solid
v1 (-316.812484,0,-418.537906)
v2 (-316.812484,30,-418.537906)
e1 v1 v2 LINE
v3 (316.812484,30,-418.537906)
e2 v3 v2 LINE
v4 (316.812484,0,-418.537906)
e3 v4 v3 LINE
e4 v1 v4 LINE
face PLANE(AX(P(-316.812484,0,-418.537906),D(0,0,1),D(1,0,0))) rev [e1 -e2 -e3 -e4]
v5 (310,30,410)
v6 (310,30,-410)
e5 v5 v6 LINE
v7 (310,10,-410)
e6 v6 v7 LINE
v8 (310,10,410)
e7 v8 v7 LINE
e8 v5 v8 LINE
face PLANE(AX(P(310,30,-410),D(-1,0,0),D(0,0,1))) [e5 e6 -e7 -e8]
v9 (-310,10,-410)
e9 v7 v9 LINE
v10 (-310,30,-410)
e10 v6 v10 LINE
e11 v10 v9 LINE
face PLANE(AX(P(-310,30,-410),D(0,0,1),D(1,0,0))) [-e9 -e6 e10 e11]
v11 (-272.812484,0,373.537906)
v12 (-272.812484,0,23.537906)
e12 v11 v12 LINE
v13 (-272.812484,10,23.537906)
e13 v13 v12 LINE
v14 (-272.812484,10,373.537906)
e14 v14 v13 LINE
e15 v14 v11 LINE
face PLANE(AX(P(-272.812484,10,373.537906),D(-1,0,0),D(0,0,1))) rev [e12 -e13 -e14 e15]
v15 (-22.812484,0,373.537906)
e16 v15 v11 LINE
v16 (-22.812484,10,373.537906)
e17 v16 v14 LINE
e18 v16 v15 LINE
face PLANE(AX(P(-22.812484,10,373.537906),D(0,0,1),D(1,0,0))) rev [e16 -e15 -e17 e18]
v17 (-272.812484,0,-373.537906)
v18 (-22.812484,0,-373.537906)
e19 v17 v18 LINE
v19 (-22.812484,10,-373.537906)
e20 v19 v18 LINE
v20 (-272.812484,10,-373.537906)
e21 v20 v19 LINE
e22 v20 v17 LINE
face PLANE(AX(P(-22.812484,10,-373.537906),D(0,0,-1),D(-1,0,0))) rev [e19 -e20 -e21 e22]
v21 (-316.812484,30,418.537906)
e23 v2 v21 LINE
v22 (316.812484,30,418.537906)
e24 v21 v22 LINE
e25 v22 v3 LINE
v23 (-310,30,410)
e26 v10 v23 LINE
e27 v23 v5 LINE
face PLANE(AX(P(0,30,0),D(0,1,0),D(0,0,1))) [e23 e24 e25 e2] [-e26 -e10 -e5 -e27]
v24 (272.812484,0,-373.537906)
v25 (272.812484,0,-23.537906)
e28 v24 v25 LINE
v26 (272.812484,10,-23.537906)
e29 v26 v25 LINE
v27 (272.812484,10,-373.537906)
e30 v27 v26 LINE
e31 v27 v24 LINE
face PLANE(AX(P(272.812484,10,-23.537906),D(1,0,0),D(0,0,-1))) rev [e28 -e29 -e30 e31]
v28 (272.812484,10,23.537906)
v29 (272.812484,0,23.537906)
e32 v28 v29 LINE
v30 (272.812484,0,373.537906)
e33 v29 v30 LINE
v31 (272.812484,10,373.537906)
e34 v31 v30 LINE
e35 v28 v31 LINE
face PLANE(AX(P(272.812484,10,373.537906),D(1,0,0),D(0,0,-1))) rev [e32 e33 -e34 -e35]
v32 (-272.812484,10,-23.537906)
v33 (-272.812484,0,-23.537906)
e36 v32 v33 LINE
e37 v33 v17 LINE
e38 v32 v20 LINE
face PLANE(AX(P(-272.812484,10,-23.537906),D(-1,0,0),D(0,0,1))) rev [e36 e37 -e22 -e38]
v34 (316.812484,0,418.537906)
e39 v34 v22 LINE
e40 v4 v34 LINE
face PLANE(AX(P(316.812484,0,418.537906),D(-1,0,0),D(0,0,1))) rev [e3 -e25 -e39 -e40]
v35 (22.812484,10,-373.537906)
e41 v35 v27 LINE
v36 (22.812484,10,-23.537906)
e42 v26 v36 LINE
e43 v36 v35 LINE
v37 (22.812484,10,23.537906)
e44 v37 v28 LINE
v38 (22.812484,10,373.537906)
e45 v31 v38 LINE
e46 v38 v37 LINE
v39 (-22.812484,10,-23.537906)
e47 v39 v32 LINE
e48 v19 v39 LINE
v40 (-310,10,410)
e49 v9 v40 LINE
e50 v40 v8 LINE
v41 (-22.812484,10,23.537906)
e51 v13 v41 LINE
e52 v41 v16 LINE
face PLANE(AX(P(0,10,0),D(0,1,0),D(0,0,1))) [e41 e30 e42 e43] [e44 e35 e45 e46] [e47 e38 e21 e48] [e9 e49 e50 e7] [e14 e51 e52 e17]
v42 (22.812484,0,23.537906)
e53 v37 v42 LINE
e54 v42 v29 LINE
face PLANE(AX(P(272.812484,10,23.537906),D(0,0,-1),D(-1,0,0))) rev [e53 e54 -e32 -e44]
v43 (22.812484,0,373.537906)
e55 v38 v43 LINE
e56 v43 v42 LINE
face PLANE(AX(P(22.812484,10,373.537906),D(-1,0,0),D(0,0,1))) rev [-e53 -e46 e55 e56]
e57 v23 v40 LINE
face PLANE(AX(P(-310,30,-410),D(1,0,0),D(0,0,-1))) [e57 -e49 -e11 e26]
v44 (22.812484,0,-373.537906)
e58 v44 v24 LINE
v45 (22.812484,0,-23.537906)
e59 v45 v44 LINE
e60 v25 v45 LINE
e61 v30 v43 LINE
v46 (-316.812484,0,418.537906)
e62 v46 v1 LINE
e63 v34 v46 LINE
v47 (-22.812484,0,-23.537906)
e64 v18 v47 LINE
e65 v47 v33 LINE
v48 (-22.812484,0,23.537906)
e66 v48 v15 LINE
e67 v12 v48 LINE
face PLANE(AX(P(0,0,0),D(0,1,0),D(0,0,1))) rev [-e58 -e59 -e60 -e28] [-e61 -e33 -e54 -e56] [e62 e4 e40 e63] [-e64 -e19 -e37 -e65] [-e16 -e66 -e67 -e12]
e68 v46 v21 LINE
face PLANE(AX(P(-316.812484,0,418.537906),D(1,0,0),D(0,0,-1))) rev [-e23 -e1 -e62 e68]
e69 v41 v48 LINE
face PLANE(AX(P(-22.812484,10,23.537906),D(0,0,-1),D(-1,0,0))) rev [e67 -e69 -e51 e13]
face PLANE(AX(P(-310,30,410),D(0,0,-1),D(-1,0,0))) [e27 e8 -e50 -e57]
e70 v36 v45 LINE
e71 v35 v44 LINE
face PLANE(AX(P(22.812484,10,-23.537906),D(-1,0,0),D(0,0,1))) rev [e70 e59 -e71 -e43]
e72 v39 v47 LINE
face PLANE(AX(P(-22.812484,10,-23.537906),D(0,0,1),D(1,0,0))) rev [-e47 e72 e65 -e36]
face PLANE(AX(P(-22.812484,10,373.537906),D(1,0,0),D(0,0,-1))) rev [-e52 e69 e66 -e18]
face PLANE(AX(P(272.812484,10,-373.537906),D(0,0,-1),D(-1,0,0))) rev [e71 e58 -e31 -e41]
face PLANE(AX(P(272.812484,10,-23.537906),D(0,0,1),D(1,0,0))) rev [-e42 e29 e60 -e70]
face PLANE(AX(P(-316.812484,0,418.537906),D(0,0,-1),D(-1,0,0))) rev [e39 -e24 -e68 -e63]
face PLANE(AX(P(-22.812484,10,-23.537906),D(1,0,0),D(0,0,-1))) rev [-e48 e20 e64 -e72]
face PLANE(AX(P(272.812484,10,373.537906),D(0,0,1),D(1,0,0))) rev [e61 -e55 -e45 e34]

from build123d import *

# Parameters (mm, degrees)
CROQUIS1_W              = 620
CROQUIS1_H              = 820
SALIENTE_EXTRUIR1_DEPTH = 10
CROQUIS2_W              = 633.624968344
CROQUIS2_H              = 837.075812624
CROQUIS2_W_2            = 620
CROQUIS2_H_2            = 820
SALIENTE_EXTRUIR2_DEPTH = 20
CROQUIS3_W              = 633.624968344
CROQUIS3_H              = 837.075812624
SALIENTE_EXTRUIR3_DEPTH = 10
CROQUIS4_W              = 250
CROQUIS4_H              = 350
CORTAR_EXTRUIR1_DEPTH   = 10


with BuildPart() as part:
    # Croquis1 → Saliente-Extruir1 (new body)
    with BuildSketch(Plane(origin=(0, 0, 0), x_dir=(1, 0, 0), z_dir=(0, 1, 0))):
        Rectangle(CROQUIS1_W, CROQUIS1_H)
    extrude(amount=SALIENTE_EXTRUIR1_DEPTH)



with BuildPart() as body_2:
    # Croquis2 → Saliente-Extruir2 (new body)
    with BuildSketch(Plane(origin=(0, 10, 0), x_dir=(1, 0, 0), z_dir=(0, 1, 0))):
        Rectangle(CROQUIS2_W, CROQUIS2_H)
        Rectangle(CROQUIS2_W_2, CROQUIS2_H_2, mode=Mode.SUBTRACT)
    extrude(amount=SALIENTE_EXTRUIR2_DEPTH)


with BuildPart() as part_1:
    add(part.part)

    add(body_2.part)  # Saliente-Extruir3 merges body 2
    # Croquis3 → Saliente-Extruir3 (add)
    with BuildSketch(Plane.XZ.offset(-10)):
        Rectangle(CROQUIS3_W, CROQUIS3_H)
    extrude(amount=SALIENTE_EXTRUIR3_DEPTH)

    # Croquis4 → Cortar-Extruir1 (cut)
    with BuildSketch(Plane.XZ):
        with Locations((-147.812484172, 198.537906312)):
            Rectangle(CROQUIS4_W, CROQUIS4_H)
        with Locations((147.812484172, 198.537906312)):
            Rectangle(CROQUIS4_W, CROQUIS4_H)
        with Locations((-147.812484172, -198.537906312)):
            Rectangle(CROQUIS4_W, CROQUIS4_H)
        with Locations((147.812484172, -198.537906312)):
            Rectangle(CROQUIS4_W, CROQUIS4_H)
    extrude(amount=-CORTAR_EXTRUIR1_DEPTH, mode=Mode.SUBTRACT)


solid = part_1.part
